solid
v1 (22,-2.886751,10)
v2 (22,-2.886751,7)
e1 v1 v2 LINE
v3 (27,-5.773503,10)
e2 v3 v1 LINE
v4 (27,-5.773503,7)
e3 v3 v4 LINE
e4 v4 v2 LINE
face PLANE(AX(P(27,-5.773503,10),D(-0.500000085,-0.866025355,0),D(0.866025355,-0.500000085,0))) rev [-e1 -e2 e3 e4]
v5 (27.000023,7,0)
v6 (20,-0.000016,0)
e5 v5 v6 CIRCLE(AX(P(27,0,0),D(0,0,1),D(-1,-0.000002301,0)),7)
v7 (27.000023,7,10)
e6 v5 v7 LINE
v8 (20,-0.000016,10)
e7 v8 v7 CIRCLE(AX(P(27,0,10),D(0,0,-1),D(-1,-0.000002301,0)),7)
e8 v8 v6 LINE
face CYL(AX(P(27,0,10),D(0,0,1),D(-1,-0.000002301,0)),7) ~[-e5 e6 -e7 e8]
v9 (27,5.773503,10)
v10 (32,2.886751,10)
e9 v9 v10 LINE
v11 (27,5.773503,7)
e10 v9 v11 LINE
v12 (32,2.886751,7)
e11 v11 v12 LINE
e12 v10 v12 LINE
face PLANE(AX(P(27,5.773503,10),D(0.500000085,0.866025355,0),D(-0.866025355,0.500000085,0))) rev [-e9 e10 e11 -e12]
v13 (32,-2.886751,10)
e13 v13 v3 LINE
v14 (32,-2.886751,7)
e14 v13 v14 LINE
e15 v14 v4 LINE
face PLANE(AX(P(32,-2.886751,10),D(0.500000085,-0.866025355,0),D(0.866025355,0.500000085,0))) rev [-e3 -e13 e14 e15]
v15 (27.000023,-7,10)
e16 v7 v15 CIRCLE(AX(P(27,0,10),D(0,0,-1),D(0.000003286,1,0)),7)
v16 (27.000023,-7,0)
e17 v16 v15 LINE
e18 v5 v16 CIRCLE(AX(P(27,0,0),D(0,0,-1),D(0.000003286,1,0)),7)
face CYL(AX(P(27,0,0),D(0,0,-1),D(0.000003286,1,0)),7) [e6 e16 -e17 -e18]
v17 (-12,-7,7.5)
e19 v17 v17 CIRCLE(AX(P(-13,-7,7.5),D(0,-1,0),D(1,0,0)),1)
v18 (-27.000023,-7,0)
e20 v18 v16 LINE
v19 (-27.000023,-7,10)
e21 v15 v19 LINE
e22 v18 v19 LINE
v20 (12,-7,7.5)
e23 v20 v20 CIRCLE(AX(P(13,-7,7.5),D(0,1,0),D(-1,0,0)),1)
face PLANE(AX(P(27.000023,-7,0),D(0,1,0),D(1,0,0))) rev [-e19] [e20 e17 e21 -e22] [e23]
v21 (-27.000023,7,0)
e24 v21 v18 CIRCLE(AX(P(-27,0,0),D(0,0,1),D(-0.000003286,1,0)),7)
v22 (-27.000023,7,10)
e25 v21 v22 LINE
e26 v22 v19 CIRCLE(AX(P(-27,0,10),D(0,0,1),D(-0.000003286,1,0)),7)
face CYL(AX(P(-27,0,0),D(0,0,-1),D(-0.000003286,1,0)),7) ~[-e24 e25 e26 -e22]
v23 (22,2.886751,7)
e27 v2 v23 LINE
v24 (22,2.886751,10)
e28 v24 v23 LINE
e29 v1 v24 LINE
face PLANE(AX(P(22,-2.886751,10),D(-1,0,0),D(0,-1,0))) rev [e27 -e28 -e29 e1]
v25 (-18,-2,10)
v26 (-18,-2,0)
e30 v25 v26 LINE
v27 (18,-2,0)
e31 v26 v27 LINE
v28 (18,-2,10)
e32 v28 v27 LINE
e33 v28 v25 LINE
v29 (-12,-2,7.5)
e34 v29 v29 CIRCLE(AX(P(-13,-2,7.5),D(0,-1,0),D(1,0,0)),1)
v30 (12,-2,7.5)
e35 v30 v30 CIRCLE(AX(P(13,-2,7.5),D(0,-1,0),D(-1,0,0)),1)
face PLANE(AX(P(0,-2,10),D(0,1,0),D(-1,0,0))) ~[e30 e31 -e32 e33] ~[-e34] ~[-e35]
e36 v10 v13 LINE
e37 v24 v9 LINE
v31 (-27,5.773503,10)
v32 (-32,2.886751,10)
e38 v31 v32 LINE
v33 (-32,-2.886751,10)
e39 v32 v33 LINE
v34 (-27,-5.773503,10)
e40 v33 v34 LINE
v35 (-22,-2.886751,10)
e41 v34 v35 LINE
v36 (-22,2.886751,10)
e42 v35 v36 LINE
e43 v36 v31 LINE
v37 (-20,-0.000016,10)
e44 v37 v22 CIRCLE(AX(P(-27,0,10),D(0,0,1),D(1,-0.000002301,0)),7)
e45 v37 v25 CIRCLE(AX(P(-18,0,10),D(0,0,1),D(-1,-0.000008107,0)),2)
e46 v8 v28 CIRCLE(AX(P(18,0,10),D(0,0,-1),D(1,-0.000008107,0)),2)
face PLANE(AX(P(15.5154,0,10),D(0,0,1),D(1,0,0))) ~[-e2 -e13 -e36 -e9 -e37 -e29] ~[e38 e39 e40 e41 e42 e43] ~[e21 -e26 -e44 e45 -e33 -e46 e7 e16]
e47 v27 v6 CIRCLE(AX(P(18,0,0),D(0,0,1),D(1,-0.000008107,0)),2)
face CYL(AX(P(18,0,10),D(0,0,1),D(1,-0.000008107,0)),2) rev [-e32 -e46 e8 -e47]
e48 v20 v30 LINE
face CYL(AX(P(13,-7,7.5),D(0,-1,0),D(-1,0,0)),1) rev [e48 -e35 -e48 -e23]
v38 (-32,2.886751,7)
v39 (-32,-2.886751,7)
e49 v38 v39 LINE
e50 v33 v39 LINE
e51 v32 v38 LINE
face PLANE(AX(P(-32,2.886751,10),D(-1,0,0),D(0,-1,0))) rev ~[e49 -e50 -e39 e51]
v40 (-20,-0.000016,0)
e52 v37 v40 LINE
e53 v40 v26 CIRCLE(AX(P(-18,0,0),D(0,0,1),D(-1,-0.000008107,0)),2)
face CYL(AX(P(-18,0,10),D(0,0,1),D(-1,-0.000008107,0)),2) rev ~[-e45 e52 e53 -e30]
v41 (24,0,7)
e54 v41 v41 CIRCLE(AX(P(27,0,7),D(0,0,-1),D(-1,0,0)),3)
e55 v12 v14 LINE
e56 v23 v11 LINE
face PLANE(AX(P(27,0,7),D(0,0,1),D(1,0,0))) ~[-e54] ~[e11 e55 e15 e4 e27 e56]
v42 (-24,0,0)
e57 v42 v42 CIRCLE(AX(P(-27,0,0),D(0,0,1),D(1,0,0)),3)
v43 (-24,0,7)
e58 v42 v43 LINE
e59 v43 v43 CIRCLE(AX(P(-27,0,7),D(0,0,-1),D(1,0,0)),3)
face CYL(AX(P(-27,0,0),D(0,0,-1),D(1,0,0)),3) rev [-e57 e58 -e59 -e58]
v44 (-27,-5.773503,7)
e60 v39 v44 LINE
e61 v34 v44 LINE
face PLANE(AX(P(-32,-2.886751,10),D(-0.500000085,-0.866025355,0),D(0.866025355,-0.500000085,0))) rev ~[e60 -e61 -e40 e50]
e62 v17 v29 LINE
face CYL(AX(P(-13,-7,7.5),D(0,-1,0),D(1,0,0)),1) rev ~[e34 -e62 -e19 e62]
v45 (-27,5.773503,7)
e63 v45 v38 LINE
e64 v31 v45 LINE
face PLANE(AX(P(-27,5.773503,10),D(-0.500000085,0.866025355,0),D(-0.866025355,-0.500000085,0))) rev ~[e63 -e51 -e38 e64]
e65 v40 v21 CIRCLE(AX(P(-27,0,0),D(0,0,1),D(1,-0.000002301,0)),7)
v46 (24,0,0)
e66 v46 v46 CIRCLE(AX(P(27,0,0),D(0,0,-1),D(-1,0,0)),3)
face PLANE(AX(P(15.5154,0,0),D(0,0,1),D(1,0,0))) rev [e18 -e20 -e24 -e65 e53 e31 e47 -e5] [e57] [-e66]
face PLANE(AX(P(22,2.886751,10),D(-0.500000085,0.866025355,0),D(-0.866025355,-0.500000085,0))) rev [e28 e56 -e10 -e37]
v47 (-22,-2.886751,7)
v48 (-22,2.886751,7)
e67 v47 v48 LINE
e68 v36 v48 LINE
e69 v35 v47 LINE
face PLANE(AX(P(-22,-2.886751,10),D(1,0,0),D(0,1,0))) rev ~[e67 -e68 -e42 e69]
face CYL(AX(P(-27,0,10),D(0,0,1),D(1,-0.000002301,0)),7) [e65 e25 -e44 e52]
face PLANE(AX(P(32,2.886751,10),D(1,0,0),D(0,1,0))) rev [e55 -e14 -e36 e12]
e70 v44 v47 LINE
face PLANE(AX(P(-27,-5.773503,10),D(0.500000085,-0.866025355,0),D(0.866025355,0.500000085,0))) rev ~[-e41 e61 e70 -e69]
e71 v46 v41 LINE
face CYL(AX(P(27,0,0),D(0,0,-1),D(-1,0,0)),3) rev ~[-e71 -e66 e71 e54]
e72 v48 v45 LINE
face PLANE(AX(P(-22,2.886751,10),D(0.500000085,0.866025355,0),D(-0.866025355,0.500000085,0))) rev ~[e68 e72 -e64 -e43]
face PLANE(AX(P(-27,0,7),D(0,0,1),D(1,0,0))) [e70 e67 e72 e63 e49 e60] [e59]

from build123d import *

# Parameters (mm, degrees)
SKETCH_R        = 3
PAD_DEPTH       = 10
SKETCH001_R     = 1
POCKET_DEPTH    = 90.211236
POCKET001_DEPTH = 3
POCKET002_DEPTH = 86.211236


with BuildPart() as part:
    # Sketch → Pad (new body)
    with BuildSketch(Plane.XY):
        with BuildLine():
            ThreePointArc((-27.000023, 7), (-34, 0), (-27.000023, -7))
            Line((-27.000023, -7), (0, -7))
            Line((0, -7), (0, 7))
            Line((-27.000023, 7), (0, 7))
        make_face()
        with Locations((-27, 0)):
            Circle(SKETCH_R, mode=Mode.SUBTRACT)
    pad = extrude(amount=PAD_DEPTH)

    # Sketch001 → Pocket (cut, through all)
    with BuildSketch(Plane.XZ.offset(7)):
        with Locations((-13, 7.5)):
            Circle(SKETCH001_R)
    pocket = extrude(amount=-POCKET_DEPTH, mode=Mode.SUBTRACT)

    # Sketch002 (on Face5 of Pocket) → Pocket001 (cut)
    with BuildSketch(Plane.XY.offset(10)):
        Polygon((-22, 2.886751), (-27, 5.773503), (-32, 2.886751), (-32, -2.886751), (-27, -5.773503), (-22, -2.886751), align=None)
    pocket001 = extrude(amount=-POCKET001_DEPTH, mode=Mode.SUBTRACT)

    # Sketch003 (on Face5 of Pocket001) → Pocket002 (cut, through all)
    with BuildSketch(Plane.XY.offset(10)):
        with BuildLine():
            Line((0, -2), (-18, -2))
            ThreePointArc((-20, -1.6e-05), (-19.414208, -1.414219), (-18, -2))
            ThreePointArc((-20, -1.6e-05), (-22.050255, 4.94975), (-27.000023, 7))
            Line((-27.000023, 7), (0, 7))
            Line((0, -2), (0, 7))
        make_face()
    pocket002 = extrude(amount=-POCKET002_DEPTH, mode=Mode.SUBTRACT)

    # Mirrored: Pad, Pocket, Pocket001, Pocket002 across Sketch003 V_Axis
    add(pad.mirror(Plane(origin=(0, 0, 10), x_dir=(0, 0, 1), z_dir=(1, 0, 0))))
    add(pocket.mirror(Plane(origin=(0, 0, 10), x_dir=(0, 0, 1), z_dir=(1, 0, 0))), mode=Mode.SUBTRACT)
    add(pocket001.mirror(Plane(origin=(0, 0, 10), x_dir=(0, 0, 1), z_dir=(1, 0, 0))), mode=Mode.SUBTRACT)
    add(pocket002.mirror(Plane(origin=(0, 0, 10), x_dir=(0, 0, 1), z_dir=(1, 0, 0))), mode=Mode.SUBTRACT)


solid = part.part
